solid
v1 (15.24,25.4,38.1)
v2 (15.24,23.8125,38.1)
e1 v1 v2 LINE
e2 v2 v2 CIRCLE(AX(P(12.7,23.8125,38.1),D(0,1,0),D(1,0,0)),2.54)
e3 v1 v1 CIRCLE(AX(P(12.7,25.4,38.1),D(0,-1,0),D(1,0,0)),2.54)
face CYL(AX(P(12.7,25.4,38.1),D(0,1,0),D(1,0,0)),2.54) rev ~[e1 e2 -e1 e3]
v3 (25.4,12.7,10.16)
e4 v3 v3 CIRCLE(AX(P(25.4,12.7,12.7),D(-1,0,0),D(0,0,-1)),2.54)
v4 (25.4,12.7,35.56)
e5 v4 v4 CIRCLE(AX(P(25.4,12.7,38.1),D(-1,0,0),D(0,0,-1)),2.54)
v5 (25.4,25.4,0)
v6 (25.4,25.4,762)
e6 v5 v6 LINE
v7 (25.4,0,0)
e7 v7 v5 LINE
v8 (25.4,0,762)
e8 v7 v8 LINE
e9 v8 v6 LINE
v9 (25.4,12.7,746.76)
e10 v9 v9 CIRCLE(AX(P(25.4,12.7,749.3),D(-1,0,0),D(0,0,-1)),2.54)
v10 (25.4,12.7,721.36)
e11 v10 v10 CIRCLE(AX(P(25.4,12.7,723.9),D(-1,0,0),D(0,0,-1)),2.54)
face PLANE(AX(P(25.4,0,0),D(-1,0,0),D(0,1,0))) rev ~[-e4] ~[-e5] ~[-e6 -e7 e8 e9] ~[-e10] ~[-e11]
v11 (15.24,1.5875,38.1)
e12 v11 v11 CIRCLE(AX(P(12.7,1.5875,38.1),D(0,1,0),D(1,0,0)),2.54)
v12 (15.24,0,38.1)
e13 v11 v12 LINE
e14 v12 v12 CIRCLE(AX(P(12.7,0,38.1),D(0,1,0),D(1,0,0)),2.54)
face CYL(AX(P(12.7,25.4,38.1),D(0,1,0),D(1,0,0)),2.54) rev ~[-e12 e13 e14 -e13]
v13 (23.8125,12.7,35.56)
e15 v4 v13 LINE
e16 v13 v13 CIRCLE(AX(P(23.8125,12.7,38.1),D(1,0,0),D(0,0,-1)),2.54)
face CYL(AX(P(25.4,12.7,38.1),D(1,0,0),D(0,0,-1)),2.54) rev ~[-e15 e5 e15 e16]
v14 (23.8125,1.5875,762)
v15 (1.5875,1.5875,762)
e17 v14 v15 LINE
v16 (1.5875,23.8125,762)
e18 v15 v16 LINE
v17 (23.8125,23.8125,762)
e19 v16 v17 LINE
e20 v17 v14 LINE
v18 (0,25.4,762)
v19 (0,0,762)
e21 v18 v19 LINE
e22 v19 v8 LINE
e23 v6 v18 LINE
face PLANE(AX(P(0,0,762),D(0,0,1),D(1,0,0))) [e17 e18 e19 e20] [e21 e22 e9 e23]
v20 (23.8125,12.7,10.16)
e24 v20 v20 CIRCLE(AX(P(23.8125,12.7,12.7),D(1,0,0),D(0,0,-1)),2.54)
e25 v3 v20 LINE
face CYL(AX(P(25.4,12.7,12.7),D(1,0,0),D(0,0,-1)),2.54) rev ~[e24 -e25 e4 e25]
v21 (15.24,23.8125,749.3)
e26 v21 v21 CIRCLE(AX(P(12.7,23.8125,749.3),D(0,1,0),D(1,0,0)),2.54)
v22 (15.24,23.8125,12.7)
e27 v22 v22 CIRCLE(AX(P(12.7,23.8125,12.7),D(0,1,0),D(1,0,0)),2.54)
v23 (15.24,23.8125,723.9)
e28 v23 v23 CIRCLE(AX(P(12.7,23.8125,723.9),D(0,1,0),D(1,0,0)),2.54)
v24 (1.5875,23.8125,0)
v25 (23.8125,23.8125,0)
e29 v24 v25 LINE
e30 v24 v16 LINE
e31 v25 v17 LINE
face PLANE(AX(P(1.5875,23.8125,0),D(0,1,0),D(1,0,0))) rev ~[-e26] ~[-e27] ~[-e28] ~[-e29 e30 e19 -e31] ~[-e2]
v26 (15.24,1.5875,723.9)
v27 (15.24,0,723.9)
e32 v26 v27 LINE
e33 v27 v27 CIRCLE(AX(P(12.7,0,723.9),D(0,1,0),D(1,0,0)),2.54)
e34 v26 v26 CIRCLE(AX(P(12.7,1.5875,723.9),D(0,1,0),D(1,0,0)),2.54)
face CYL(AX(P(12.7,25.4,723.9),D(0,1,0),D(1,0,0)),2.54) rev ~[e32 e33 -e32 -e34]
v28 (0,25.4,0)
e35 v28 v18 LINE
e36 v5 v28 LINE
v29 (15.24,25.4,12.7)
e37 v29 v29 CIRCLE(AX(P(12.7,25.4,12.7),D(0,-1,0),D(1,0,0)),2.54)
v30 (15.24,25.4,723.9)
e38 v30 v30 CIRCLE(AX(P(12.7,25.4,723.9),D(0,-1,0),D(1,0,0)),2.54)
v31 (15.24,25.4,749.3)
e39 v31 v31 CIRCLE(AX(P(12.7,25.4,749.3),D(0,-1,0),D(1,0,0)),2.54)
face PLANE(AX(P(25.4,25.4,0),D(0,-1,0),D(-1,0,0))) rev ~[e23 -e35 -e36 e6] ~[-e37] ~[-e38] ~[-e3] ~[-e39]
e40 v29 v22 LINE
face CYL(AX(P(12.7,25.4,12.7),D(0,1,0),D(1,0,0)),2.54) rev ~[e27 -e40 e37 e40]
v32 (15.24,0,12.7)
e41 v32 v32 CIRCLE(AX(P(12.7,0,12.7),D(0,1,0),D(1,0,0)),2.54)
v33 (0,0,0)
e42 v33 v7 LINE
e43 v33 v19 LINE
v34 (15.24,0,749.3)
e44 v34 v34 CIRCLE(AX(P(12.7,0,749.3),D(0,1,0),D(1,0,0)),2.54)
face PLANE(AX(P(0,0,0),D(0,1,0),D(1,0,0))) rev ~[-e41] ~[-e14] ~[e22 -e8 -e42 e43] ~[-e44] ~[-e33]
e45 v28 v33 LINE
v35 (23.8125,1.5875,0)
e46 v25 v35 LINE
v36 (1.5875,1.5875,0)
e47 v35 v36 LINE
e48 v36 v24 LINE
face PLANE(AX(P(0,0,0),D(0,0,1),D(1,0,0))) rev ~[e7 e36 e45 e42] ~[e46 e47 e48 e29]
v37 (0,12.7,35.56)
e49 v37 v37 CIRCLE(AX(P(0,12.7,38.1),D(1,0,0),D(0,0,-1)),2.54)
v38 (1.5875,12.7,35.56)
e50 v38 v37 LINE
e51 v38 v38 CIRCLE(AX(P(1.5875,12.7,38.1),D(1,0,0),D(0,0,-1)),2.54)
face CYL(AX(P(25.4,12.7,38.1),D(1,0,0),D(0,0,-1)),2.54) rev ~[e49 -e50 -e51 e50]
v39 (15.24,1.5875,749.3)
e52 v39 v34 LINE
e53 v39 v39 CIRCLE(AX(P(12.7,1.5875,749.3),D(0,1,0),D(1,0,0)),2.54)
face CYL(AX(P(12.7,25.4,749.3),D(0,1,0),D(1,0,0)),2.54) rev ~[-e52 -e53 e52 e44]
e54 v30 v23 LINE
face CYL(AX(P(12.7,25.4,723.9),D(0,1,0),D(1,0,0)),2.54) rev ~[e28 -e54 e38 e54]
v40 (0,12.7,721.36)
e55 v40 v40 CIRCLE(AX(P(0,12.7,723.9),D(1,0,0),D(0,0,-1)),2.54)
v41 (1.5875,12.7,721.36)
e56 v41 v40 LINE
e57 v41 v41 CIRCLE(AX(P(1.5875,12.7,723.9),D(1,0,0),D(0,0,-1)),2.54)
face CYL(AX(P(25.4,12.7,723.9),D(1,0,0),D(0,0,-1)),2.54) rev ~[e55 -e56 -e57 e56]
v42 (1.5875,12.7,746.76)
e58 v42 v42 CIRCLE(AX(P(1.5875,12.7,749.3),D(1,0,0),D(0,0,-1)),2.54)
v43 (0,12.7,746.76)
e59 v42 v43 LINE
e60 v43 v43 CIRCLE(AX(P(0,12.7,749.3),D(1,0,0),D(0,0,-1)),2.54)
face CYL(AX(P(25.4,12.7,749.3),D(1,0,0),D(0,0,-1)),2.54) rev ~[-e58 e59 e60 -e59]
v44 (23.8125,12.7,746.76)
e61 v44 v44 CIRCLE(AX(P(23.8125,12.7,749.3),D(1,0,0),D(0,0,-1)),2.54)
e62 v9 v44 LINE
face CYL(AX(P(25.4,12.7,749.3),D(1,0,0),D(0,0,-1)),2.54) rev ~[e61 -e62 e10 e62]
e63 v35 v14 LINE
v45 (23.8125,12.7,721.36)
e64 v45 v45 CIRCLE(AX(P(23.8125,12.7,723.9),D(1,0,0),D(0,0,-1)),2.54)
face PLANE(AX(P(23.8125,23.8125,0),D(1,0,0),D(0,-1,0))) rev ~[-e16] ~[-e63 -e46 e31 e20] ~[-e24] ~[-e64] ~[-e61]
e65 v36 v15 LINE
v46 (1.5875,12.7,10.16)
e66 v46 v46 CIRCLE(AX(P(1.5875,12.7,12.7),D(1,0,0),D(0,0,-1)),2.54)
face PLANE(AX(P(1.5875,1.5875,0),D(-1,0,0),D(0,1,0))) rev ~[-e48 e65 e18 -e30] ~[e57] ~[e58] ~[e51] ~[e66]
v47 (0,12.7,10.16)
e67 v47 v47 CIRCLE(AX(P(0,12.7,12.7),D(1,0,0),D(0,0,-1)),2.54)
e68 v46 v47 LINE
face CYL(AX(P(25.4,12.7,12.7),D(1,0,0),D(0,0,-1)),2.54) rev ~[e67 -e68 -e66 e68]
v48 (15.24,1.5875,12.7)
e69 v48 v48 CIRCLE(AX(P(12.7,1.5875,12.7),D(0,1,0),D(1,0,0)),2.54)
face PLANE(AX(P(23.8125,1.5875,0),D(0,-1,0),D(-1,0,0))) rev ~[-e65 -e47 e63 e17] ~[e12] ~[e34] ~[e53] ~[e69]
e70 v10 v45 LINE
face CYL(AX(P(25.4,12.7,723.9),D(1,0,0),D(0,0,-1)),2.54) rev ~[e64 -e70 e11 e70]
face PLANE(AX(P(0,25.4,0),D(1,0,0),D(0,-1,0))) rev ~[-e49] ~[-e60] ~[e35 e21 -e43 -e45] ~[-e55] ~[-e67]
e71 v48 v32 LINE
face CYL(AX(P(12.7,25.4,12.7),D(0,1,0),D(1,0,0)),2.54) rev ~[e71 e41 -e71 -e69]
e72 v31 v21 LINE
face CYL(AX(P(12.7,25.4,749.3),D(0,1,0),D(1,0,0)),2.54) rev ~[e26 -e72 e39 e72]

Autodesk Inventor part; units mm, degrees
ref_plane "YZ Plane" through (0, 0, 0) normal (1, 0, 0) x (0, 1, 0)
ref_plane "XZ Plane" through (0, 0, 0) normal (0, 1, 0) x (-1, 0, 0)
ref_plane "XY Plane" through (0, 0, 0) normal (0, 0, 1) x (1, 0, 0)
sketch "Sketch1" plane through (0, 0, 0) normal (0, 0, 1) x (1, 0, 0)
  line L0 (0, 0) -> (25.4, 0)
  line L1 (25.4, 0) -> (25.4, 25.4)
  line L2 (25.4, 25.4) -> (0, 25.4)
  line L3 (0, 25.4) -> (0, 0)
  line L4 (1.5875, 23.8125) -> (23.8125, 23.8125)
  line L5 (23.8125, 23.8125) -> (23.8125, 1.5875)
  line L6 (23.8125, 1.5875) -> (1.5875, 1.5875)
  line L7 (1.5875, 1.5875) -> (1.5875, 23.8125)
  dimension "d0" = 25.4
  dimension "d1" = 25.4
  dimension "d2" = 1.5875
  dimension "d3" = 1.5875
  dimension "d4" = 1.5875
  dimension "d5" = 1.5875
extrude "Extrusion1" add sketch "Sketch1" along normal blind 762
sketch "Sketch2" plane through (25.4, 0, 0) normal (1, 0, 0) x (0, 0, -1)
  line L0 (0, 1.5875) -> (0, 23.8125) projected
  line L1 (0, 12.7) -> (-762, 12.7)
  line L2 (-762, 23.8125) -> (-762, 1.5875) projected
  line L3 (-762, 12.7) -> (-749.3, 12.7)
  line L4 (-749.3, 12.7) -> (-723.9, 12.7)
  line L5 (0, 12.7) -> (-12.7, 12.7)
  line L6 (-12.7, 12.7) -> (-38.1, 12.7)
  circle A0 centre (-12.7, 12.7) radius 2.54
  circle A1 centre (-38.1, 12.7) radius 2.54
  circle A2 centre (-723.9, 12.7) radius 2.54
  circle A3 centre (-749.3, 12.7) radius 2.54
  point P0 (0, 0)
  dimension "d8" = 12.7
  dimension "d9" = 25.4
  dimension "d10" = 12.7
  dimension "d11" = 25.4
  dimension "d12" = 5.08
extrude "Extrusion2" cut sketch "Sketch2" against normal blind 25.4
sketch "Sketch3" plane through (0, 25.4, 0) normal (0, 1, 0) x (1, 0, 0)
  line L0 (23.8125, 0) -> (1.5875, 0) projected
  line L1 (12.7, 0) -> (12.7, -762)
  line L2 (25.4, -762) -> (0, -762) projected
  line L3 (12.7, -762) -> (12.7, -749.3)
  line L4 (12.7, -749.3) -> (12.7, -723.9)
  line L5 (12.7, 0) -> (12.7, -12.7)
  line L6 (12.7, -12.7) -> (12.7, -38.1)
  circle A0 centre (12.7, -12.7) radius 2.54
  circle A1 centre (12.7, -38.1) radius 2.54
  circle A2 centre (12.7, -723.9) radius 2.54
  circle A3 centre (12.7, -749.3) radius 2.54
  point P0 (0, 0)
  dimension "d15" = 12.7
  dimension "d16" = 25.4
  dimension "d17" = 12.7
  dimension "d18" = 25.4
  dimension "d19" = 5.08
extrude "Extrusion3" cut sketch "Sketch3" against normal blind 25.4
properties part number "1x1" material "Aluminum 6061"
